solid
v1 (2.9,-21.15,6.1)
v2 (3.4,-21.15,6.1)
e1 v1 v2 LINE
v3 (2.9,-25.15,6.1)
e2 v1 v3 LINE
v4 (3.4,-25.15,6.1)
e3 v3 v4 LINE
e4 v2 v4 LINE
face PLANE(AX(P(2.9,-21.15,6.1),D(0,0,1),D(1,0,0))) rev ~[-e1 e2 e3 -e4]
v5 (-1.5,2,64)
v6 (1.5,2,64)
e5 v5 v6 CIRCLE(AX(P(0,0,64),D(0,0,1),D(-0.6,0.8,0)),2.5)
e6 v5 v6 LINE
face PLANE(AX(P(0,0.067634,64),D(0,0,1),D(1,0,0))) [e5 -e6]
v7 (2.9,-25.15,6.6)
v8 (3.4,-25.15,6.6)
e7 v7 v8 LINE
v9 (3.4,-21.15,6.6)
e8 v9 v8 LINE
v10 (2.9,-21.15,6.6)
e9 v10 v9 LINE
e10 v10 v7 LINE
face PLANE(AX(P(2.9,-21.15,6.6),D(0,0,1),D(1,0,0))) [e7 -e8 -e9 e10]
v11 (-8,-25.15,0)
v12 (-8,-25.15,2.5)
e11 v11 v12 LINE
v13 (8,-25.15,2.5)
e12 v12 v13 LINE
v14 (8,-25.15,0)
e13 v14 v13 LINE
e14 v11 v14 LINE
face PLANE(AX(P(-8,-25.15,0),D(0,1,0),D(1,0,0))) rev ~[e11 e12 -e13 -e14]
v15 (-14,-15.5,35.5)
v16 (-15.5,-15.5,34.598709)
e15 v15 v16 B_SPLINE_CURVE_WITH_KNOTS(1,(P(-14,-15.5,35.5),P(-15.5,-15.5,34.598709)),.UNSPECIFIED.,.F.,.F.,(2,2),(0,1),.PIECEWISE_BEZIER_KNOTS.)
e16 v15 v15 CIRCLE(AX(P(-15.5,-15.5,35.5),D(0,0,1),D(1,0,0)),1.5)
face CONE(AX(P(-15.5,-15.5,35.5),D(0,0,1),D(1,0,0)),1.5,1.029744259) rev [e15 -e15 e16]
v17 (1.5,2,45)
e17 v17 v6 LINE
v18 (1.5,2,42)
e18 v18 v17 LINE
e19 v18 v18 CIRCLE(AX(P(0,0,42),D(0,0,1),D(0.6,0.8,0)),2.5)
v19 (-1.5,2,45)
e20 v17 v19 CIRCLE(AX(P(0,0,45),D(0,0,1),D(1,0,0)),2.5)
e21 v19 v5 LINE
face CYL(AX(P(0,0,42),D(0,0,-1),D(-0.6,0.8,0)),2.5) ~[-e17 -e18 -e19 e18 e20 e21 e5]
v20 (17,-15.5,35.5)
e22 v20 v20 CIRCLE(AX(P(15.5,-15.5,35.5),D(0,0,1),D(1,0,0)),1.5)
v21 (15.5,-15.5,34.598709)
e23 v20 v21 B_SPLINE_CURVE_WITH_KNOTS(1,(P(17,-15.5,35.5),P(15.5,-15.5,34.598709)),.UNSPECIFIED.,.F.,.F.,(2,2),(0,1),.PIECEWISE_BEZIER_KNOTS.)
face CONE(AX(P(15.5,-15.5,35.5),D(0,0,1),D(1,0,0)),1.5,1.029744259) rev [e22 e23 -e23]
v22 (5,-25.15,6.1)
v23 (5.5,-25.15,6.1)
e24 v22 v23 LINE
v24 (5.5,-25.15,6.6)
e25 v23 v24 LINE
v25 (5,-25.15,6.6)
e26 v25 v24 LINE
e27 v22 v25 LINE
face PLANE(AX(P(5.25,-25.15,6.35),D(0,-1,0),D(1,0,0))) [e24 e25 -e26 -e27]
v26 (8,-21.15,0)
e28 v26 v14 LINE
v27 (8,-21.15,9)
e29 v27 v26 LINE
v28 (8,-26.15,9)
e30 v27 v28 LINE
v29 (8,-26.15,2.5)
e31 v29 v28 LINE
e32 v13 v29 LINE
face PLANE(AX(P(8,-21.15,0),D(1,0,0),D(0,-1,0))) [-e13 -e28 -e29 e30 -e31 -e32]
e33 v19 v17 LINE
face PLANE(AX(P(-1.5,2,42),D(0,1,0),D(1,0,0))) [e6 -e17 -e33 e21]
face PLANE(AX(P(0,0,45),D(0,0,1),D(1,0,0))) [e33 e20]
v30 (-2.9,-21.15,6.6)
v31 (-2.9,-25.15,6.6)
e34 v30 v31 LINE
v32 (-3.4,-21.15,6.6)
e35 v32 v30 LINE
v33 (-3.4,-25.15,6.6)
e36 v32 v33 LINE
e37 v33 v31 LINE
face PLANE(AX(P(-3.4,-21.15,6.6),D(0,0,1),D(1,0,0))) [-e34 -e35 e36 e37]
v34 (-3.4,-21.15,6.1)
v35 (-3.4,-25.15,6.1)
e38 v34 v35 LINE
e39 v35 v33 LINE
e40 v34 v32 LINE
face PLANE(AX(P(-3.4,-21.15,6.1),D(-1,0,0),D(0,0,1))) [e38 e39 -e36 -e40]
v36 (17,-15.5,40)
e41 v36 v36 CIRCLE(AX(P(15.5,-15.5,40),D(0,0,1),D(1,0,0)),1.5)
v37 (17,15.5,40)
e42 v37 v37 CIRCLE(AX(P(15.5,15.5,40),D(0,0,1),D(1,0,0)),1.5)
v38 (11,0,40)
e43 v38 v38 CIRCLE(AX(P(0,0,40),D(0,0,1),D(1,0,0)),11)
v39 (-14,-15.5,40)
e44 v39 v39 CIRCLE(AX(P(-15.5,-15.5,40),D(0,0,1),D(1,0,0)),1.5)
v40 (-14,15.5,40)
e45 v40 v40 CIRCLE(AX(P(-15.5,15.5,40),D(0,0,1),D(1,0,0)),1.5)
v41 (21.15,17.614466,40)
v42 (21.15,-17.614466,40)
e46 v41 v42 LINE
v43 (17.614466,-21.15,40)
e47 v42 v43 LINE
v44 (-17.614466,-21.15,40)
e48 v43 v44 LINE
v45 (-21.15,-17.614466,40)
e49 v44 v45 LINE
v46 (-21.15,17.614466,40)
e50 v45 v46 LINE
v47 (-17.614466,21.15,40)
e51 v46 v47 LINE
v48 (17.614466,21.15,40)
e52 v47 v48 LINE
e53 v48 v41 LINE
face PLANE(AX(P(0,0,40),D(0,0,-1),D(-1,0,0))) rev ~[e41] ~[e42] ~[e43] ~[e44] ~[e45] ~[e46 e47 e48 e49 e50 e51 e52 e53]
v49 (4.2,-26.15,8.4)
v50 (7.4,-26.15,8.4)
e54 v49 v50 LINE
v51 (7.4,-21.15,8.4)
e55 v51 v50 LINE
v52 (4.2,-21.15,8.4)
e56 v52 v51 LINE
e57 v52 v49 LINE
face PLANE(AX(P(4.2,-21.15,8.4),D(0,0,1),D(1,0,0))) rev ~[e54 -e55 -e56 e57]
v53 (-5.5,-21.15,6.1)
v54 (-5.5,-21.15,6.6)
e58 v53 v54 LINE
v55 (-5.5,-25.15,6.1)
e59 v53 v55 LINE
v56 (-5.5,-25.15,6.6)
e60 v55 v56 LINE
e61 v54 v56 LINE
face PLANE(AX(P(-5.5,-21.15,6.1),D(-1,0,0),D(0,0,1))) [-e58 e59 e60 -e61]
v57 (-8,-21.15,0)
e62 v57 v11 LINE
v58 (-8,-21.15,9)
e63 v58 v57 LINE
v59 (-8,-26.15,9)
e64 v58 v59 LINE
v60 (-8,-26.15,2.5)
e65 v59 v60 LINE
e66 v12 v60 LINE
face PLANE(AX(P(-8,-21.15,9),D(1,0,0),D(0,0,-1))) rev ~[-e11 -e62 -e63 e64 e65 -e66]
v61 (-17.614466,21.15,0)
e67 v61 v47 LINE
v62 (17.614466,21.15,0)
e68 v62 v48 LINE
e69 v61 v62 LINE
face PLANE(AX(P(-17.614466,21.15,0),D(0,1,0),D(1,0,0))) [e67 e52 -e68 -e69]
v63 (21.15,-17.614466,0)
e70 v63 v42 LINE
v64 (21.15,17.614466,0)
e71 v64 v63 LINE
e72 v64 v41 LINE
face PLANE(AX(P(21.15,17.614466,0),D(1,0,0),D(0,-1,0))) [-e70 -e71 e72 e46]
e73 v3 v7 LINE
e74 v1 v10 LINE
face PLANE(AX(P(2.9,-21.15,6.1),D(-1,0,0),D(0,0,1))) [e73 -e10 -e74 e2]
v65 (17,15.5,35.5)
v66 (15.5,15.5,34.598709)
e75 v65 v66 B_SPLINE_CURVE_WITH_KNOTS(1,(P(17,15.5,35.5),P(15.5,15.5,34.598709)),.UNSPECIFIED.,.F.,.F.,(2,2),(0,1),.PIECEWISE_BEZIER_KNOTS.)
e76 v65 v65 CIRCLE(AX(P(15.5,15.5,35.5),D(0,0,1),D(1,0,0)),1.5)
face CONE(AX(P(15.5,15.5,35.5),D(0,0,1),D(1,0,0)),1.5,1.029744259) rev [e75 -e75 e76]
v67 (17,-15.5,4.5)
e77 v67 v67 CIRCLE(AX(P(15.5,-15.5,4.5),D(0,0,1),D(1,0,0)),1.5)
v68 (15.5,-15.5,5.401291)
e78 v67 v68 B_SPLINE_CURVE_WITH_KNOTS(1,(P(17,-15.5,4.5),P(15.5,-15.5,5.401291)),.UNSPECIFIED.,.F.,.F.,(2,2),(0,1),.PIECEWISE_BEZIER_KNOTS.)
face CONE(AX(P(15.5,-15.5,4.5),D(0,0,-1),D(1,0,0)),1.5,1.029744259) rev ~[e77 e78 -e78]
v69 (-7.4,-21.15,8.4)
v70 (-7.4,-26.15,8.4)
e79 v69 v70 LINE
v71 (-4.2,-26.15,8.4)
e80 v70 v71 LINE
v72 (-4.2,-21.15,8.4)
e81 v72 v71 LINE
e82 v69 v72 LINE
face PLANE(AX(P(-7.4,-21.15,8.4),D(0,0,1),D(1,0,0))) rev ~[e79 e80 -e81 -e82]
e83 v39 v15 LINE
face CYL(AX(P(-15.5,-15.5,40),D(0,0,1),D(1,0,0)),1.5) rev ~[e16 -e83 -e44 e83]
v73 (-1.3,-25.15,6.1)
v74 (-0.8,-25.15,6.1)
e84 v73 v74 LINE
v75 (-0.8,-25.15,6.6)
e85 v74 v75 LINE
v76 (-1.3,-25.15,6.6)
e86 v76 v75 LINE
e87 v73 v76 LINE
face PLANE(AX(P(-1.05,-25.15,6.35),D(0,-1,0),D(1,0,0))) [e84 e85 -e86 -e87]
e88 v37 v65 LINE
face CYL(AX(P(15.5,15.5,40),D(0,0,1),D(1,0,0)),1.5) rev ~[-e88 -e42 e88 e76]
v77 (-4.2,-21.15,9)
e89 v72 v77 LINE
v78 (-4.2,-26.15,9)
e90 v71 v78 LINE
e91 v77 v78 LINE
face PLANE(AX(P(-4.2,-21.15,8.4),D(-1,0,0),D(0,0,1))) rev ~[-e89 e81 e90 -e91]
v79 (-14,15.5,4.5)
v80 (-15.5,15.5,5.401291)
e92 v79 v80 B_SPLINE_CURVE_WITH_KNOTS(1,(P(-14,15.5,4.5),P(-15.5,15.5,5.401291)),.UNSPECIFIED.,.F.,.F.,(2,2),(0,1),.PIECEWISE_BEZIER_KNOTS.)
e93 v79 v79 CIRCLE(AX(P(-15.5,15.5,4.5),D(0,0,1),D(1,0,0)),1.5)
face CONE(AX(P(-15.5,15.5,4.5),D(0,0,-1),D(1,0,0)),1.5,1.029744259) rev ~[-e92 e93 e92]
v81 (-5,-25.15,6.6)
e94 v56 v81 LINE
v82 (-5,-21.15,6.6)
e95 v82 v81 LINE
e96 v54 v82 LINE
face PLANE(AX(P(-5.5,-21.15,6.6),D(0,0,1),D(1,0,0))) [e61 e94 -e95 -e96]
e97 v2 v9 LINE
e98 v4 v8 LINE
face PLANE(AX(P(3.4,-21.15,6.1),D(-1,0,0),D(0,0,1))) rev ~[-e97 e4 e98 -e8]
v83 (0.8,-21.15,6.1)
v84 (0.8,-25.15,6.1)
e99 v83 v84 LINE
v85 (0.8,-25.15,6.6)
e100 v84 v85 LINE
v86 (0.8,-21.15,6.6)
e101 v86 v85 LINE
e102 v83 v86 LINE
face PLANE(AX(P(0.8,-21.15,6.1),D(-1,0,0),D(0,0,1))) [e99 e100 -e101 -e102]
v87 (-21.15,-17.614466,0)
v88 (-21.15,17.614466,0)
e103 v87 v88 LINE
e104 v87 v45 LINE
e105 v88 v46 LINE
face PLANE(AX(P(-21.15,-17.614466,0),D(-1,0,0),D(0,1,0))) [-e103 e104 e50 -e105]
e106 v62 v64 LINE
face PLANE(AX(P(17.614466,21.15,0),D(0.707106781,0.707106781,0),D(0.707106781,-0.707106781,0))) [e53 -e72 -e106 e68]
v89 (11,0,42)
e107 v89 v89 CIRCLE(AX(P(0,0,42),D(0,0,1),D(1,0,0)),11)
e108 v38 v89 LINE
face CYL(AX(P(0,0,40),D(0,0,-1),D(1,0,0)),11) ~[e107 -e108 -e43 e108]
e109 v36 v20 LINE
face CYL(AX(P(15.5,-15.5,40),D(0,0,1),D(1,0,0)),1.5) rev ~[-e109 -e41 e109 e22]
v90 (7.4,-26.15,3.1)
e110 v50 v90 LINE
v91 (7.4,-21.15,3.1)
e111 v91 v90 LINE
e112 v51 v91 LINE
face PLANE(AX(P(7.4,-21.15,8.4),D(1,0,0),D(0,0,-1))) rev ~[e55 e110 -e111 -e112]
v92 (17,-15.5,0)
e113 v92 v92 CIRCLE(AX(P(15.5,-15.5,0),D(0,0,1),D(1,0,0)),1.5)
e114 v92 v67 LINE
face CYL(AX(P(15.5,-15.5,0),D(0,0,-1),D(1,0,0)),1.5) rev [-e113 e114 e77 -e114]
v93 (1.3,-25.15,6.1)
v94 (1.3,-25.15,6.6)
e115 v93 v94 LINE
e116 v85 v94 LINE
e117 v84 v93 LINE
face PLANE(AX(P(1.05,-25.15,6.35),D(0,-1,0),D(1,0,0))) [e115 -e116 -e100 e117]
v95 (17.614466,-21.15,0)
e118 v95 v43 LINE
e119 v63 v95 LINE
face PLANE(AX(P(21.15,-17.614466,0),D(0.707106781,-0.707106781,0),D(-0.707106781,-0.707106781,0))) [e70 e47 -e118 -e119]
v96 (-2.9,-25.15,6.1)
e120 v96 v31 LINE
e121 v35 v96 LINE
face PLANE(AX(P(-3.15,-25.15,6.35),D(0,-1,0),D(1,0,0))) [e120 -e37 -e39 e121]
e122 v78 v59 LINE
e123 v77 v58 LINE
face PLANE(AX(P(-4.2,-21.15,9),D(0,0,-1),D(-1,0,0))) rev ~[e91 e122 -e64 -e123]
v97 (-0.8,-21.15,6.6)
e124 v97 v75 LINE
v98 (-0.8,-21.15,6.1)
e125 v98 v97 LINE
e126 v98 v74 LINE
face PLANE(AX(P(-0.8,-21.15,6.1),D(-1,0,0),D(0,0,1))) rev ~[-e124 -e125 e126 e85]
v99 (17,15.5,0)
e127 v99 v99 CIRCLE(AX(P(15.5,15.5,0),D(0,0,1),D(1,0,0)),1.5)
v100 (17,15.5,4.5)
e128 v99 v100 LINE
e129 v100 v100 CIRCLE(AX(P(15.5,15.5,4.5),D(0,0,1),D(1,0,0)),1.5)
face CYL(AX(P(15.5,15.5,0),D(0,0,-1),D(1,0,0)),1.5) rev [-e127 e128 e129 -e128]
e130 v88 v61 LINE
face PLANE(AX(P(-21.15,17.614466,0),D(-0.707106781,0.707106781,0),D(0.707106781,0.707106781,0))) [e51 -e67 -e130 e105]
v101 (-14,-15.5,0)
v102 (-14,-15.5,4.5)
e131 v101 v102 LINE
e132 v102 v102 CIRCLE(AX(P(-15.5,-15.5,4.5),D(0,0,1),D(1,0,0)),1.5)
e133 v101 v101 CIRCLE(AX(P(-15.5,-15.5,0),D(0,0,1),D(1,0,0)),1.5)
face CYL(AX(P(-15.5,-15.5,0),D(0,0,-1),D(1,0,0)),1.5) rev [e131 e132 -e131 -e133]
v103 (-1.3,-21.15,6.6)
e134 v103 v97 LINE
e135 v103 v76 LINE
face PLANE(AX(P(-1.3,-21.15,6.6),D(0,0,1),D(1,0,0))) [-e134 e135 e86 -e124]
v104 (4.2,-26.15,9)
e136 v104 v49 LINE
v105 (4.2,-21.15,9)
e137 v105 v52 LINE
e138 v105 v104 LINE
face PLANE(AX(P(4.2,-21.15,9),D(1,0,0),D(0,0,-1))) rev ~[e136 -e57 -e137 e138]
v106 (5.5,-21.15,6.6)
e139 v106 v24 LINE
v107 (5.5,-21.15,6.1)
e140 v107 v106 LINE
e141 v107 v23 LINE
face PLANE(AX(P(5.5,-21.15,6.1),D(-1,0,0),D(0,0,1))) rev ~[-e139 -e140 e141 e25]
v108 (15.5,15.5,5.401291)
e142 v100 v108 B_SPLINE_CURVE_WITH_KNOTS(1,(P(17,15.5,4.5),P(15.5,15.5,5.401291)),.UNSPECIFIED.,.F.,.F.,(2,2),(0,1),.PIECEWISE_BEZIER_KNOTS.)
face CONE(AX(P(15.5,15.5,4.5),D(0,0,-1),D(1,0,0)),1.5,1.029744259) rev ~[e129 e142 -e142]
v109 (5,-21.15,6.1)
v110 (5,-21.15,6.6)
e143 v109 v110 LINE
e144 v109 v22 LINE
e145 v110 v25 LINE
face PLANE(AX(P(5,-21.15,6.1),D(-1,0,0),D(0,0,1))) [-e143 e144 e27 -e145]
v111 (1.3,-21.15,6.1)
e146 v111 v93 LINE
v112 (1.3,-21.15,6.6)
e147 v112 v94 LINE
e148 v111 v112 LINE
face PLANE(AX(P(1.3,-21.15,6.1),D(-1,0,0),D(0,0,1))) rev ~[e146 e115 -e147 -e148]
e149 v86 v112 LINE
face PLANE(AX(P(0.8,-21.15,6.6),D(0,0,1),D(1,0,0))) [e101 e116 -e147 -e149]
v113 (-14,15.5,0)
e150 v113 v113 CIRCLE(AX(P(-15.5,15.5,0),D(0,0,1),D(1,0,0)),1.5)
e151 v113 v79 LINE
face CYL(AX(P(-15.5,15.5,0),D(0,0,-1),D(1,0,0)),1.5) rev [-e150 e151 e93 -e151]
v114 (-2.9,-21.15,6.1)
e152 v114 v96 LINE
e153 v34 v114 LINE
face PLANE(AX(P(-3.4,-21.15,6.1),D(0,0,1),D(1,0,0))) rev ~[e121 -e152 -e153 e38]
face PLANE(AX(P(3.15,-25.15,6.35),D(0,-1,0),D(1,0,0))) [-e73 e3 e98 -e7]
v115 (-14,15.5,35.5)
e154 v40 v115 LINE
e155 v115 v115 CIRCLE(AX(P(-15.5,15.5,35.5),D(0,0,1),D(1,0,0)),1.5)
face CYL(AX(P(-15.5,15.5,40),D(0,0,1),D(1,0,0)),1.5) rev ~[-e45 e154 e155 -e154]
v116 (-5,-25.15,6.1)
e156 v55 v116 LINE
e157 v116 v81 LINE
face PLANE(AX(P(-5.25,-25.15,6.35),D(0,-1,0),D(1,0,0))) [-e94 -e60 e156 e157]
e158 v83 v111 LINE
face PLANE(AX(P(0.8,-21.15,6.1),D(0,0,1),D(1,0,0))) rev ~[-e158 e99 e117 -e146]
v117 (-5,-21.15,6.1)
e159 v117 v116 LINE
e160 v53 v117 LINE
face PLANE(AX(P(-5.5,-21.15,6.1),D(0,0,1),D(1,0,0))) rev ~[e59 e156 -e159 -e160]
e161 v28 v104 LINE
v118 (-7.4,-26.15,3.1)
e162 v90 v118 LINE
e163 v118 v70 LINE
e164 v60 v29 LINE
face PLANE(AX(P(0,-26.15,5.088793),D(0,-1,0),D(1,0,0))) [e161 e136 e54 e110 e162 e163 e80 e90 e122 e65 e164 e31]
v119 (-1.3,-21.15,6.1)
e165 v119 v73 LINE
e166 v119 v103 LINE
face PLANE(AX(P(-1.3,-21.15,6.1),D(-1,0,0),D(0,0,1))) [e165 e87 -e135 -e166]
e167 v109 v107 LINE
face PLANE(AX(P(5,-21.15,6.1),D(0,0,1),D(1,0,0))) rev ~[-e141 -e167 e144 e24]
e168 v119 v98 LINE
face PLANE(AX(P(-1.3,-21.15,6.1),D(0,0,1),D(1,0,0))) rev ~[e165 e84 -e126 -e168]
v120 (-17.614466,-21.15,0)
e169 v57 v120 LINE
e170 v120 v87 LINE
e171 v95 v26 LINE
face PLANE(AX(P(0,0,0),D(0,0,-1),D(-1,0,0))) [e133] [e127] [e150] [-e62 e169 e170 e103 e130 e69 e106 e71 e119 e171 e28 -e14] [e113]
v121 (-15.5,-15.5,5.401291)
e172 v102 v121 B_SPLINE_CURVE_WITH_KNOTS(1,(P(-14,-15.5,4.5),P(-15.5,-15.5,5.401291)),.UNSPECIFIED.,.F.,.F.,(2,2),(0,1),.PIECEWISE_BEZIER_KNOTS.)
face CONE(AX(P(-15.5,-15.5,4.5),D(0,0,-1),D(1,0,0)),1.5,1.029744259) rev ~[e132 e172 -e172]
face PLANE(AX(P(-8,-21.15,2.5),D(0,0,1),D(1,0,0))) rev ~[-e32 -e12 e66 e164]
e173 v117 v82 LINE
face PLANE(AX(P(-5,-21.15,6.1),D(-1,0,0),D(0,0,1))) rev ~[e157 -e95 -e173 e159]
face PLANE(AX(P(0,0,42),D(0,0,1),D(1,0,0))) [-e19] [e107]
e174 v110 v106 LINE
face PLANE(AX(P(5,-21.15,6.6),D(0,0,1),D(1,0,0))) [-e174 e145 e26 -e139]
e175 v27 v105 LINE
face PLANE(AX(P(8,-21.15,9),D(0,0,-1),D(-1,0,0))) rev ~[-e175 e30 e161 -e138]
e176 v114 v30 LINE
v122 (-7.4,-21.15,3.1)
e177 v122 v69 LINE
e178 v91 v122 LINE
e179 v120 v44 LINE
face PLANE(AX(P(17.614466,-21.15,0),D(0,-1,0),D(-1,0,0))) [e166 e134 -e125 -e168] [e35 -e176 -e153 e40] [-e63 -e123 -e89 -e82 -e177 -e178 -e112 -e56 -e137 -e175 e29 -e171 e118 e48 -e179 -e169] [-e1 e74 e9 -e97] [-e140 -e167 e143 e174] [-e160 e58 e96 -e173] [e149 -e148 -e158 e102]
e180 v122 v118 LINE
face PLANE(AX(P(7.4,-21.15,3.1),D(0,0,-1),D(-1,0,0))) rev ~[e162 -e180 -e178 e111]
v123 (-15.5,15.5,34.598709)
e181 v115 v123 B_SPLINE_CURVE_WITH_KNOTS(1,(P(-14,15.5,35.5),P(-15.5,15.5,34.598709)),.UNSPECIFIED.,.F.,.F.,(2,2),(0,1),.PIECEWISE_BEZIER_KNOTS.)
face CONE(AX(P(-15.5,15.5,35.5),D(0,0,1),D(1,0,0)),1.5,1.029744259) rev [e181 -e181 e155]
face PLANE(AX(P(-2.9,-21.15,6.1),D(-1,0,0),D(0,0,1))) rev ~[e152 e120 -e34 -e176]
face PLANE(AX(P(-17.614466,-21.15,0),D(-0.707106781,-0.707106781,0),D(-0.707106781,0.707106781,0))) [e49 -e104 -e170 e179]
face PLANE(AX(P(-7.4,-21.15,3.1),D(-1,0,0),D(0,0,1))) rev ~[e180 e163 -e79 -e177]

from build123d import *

# Parameters (mm, degrees)
PAD009_DEPTH   = 40
SKETCH017_R    = 1.5
HOLE002_DEPTH  = 4.5
HOLE002_TIPS_R = 1.5
SKETCH018_R    = 1.5
HOLE003_DEPTH  = 4.5
HOLE003_TIPS_R = 1.5
SKETCH019_R    = 11
PAD010_DEPTH   = 2
PAD011_DEPTH   = 22
SKETCH021_R    = 2.5
PAD012_DEPTH   = 3
SKETCH022_W    = 16
SKETCH022_H    = 4
PAD013_DEPTH   = 2.5
PAD014_DEPTH   = 5
SKETCH024_W    = 0.5
SKETCH024_H    = 0.5
PAD015_DEPTH   = 4


with BuildPart() as part:
    # Sketch016 → Pad009 (new body)
    with BuildSketch(Plane.XY):
        Polygon((-17.6144660941, 21.15), (17.6144660941, 21.15), (21.15, 17.6144660941), (21.15, -17.6144660941), (17.6144660941, -21.15), (-17.6144660941, -21.15), (-21.15, -17.6144660941), (-21.15, 17.6144660941), align=None)
    extrude(amount=PAD009_DEPTH)

    # Sketch017 (on Face10 of Pad009) → Hole002 (cut)
    with BuildSketch(Plane.XY.offset(40)):
        with Locations((15.5, 15.5)):
            Circle(SKETCH017_R)
        with Locations((-15.5, 15.5)):
            Circle(SKETCH017_R)
        with Locations((-15.5, -15.5)):
            Circle(SKETCH017_R)
        with Locations((15.5, -15.5)):
            Circle(SKETCH017_R)
    extrude(amount=-HOLE002_DEPTH, mode=Mode.SUBTRACT)

    # Hole002 tips → Hole002 tip 1 section 0
    with BuildSketch(Plane.XY.offset(35.5), mode=Mode.PRIVATE) as hole002_tip_1_s0:
        with Locations((15.5, 15.5)):
            Circle(HOLE002_TIPS_R)
    loft([hole002_tip_1_s0.sketch, Vertex(15.5, 15.5, 34.5987090715)], mode=Mode.SUBTRACT)

    # Hole002 tips → Hole002 tip 2 section 0
    with BuildSketch(Plane.XY.offset(35.5), mode=Mode.PRIVATE) as hole002_tip_2_s0:
        with Locations((-15.5, 15.5)):
            Circle(HOLE002_TIPS_R)
    loft([hole002_tip_2_s0.sketch, Vertex(-15.5, 15.5, 34.5987090715)], mode=Mode.SUBTRACT)

    # Hole002 tips → Hole002 tip 3 section 0
    with BuildSketch(Plane.XY.offset(35.5), mode=Mode.PRIVATE) as hole002_tip_3_s0:
        with Locations((-15.5, -15.5)):
            Circle(HOLE002_TIPS_R)
    loft([hole002_tip_3_s0.sketch, Vertex(-15.5, -15.5, 34.5987090715)], mode=Mode.SUBTRACT)

    # Hole002 tips → Hole002 tip 4 section 0
    with BuildSketch(Plane.XY.offset(35.5), mode=Mode.PRIVATE) as hole002_tip_4_s0:
        with Locations((15.5, -15.5)):
            Circle(HOLE002_TIPS_R)
    loft([hole002_tip_4_s0.sketch, Vertex(15.5, -15.5, 34.5987090715)], mode=Mode.SUBTRACT)

    # Sketch018 → Hole003 (cut)
    with BuildSketch(Plane.XY):
        with Locations((-15.5, 15.5)):
            Circle(SKETCH018_R)
        with Locations((-15.5, -15.5)):
            Circle(SKETCH018_R)
        with Locations((15.5, -15.5)):
            Circle(SKETCH018_R)
        with Locations((15.5, 15.5)):
            Circle(SKETCH018_R)
    extrude(amount=HOLE003_DEPTH, mode=Mode.SUBTRACT)

    # Hole003 tips → Hole003 tip 1 section 0
    with BuildSketch(Plane.XY.offset(4.5), mode=Mode.PRIVATE) as hole003_tip_1_s0:
        with Locations((-15.5, 15.5)):
            Circle(HOLE003_TIPS_R)
    loft([hole003_tip_1_s0.sketch, Vertex(-15.5, 15.5, 5.4012909285)], mode=Mode.SUBTRACT)

    # Hole003 tips → Hole003 tip 2 section 0
    with BuildSketch(Plane.XY.offset(4.5), mode=Mode.PRIVATE) as hole003_tip_2_s0:
        with Locations((-15.5, -15.5)):
            Circle(HOLE003_TIPS_R)
    loft([hole003_tip_2_s0.sketch, Vertex(-15.5, -15.5, 5.4012909285)], mode=Mode.SUBTRACT)

    # Hole003 tips → Hole003 tip 3 section 0
    with BuildSketch(Plane.XY.offset(4.5), mode=Mode.PRIVATE) as hole003_tip_3_s0:
        with Locations((15.5, -15.5)):
            Circle(HOLE003_TIPS_R)
    loft([hole003_tip_3_s0.sketch, Vertex(15.5, -15.5, 5.4012909285)], mode=Mode.SUBTRACT)

    # Hole003 tips → Hole003 tip 4 section 0
    with BuildSketch(Plane.XY.offset(4.5), mode=Mode.PRIVATE) as hole003_tip_4_s0:
        with Locations((15.5, 15.5)):
            Circle(HOLE003_TIPS_R)
    loft([hole003_tip_4_s0.sketch, Vertex(15.5, 15.5, 5.4012909285)], mode=Mode.SUBTRACT)

    # Sketch019 (on Face5 of Hole003) → Pad010 (join)
    with BuildSketch(Plane.XY.offset(40)):
        Circle(SKETCH019_R)
    extrude(amount=PAD010_DEPTH)

    # Sketch020 (on Face27 of Pad010) → Pad011 (join)
    with BuildSketch(Plane.XY.offset(42)):
        with BuildLine():
            ThreePointArc((-1.5, 2), (0, -2.5), (1.5, 2))
            Line((-1.5, 2), (1.5, 2))
        make_face()
    extrude(amount=PAD011_DEPTH)

    # Sketch021 (on Face27 of Pad010) → Pad012 (join)
    with BuildSketch(Plane.XY.offset(42)):
        Circle(SKETCH021_R)
    extrude(amount=PAD012_DEPTH)

    # Sketch022 (on Face4 of Pad012) → Pad013 (join)
    with BuildSketch(Plane(origin=(0, 0, 0), x_dir=(1, 0, 0), z_dir=(0, 0, -1))):
        with Locations((0, 23.15)):
            Rectangle(SKETCH022_W, SKETCH022_H)
    extrude(amount=-PAD013_DEPTH)

    # Sketch023 (on Face10 of Pad013) → Pad014 (join)
    with BuildSketch(Plane.XZ.offset(21.15)):
        Polygon((-4.2, 9), (-8, 9), (-8, 2.5), (8, 2.5), (8, 9), (4.2, 9), (4.2, 8.4), (7.4, 8.4), (7.4, 3.1), (-7.4, 3.1), (-7.4, 8.4), (-4.2, 8.4), align=None)
    extrude(amount=PAD014_DEPTH)

    # Sketch024 (on Face10 of Pad014) → Pad015 (join)
    with BuildSketch(Plane.XZ.offset(21.15)):
        with Locations((-5.25, 6.35)):
            Rectangle(SKETCH024_W, SKETCH024_H)
        with Locations((-3.15, 6.35)):
            Rectangle(SKETCH024_W, SKETCH024_H)
        with Locations((-1.05, 6.35)):
            Rectangle(SKETCH024_W, SKETCH024_H)
        with Locations((1.05, 6.35)):
            Rectangle(SKETCH024_W, SKETCH024_H)
        with Locations((3.15, 6.35)):
            Rectangle(SKETCH024_W, SKETCH024_H)
        with Locations((5.25, 6.35)):
            Rectangle(SKETCH024_W, SKETCH024_H)
    extrude(amount=PAD015_DEPTH)


solid = part.part
